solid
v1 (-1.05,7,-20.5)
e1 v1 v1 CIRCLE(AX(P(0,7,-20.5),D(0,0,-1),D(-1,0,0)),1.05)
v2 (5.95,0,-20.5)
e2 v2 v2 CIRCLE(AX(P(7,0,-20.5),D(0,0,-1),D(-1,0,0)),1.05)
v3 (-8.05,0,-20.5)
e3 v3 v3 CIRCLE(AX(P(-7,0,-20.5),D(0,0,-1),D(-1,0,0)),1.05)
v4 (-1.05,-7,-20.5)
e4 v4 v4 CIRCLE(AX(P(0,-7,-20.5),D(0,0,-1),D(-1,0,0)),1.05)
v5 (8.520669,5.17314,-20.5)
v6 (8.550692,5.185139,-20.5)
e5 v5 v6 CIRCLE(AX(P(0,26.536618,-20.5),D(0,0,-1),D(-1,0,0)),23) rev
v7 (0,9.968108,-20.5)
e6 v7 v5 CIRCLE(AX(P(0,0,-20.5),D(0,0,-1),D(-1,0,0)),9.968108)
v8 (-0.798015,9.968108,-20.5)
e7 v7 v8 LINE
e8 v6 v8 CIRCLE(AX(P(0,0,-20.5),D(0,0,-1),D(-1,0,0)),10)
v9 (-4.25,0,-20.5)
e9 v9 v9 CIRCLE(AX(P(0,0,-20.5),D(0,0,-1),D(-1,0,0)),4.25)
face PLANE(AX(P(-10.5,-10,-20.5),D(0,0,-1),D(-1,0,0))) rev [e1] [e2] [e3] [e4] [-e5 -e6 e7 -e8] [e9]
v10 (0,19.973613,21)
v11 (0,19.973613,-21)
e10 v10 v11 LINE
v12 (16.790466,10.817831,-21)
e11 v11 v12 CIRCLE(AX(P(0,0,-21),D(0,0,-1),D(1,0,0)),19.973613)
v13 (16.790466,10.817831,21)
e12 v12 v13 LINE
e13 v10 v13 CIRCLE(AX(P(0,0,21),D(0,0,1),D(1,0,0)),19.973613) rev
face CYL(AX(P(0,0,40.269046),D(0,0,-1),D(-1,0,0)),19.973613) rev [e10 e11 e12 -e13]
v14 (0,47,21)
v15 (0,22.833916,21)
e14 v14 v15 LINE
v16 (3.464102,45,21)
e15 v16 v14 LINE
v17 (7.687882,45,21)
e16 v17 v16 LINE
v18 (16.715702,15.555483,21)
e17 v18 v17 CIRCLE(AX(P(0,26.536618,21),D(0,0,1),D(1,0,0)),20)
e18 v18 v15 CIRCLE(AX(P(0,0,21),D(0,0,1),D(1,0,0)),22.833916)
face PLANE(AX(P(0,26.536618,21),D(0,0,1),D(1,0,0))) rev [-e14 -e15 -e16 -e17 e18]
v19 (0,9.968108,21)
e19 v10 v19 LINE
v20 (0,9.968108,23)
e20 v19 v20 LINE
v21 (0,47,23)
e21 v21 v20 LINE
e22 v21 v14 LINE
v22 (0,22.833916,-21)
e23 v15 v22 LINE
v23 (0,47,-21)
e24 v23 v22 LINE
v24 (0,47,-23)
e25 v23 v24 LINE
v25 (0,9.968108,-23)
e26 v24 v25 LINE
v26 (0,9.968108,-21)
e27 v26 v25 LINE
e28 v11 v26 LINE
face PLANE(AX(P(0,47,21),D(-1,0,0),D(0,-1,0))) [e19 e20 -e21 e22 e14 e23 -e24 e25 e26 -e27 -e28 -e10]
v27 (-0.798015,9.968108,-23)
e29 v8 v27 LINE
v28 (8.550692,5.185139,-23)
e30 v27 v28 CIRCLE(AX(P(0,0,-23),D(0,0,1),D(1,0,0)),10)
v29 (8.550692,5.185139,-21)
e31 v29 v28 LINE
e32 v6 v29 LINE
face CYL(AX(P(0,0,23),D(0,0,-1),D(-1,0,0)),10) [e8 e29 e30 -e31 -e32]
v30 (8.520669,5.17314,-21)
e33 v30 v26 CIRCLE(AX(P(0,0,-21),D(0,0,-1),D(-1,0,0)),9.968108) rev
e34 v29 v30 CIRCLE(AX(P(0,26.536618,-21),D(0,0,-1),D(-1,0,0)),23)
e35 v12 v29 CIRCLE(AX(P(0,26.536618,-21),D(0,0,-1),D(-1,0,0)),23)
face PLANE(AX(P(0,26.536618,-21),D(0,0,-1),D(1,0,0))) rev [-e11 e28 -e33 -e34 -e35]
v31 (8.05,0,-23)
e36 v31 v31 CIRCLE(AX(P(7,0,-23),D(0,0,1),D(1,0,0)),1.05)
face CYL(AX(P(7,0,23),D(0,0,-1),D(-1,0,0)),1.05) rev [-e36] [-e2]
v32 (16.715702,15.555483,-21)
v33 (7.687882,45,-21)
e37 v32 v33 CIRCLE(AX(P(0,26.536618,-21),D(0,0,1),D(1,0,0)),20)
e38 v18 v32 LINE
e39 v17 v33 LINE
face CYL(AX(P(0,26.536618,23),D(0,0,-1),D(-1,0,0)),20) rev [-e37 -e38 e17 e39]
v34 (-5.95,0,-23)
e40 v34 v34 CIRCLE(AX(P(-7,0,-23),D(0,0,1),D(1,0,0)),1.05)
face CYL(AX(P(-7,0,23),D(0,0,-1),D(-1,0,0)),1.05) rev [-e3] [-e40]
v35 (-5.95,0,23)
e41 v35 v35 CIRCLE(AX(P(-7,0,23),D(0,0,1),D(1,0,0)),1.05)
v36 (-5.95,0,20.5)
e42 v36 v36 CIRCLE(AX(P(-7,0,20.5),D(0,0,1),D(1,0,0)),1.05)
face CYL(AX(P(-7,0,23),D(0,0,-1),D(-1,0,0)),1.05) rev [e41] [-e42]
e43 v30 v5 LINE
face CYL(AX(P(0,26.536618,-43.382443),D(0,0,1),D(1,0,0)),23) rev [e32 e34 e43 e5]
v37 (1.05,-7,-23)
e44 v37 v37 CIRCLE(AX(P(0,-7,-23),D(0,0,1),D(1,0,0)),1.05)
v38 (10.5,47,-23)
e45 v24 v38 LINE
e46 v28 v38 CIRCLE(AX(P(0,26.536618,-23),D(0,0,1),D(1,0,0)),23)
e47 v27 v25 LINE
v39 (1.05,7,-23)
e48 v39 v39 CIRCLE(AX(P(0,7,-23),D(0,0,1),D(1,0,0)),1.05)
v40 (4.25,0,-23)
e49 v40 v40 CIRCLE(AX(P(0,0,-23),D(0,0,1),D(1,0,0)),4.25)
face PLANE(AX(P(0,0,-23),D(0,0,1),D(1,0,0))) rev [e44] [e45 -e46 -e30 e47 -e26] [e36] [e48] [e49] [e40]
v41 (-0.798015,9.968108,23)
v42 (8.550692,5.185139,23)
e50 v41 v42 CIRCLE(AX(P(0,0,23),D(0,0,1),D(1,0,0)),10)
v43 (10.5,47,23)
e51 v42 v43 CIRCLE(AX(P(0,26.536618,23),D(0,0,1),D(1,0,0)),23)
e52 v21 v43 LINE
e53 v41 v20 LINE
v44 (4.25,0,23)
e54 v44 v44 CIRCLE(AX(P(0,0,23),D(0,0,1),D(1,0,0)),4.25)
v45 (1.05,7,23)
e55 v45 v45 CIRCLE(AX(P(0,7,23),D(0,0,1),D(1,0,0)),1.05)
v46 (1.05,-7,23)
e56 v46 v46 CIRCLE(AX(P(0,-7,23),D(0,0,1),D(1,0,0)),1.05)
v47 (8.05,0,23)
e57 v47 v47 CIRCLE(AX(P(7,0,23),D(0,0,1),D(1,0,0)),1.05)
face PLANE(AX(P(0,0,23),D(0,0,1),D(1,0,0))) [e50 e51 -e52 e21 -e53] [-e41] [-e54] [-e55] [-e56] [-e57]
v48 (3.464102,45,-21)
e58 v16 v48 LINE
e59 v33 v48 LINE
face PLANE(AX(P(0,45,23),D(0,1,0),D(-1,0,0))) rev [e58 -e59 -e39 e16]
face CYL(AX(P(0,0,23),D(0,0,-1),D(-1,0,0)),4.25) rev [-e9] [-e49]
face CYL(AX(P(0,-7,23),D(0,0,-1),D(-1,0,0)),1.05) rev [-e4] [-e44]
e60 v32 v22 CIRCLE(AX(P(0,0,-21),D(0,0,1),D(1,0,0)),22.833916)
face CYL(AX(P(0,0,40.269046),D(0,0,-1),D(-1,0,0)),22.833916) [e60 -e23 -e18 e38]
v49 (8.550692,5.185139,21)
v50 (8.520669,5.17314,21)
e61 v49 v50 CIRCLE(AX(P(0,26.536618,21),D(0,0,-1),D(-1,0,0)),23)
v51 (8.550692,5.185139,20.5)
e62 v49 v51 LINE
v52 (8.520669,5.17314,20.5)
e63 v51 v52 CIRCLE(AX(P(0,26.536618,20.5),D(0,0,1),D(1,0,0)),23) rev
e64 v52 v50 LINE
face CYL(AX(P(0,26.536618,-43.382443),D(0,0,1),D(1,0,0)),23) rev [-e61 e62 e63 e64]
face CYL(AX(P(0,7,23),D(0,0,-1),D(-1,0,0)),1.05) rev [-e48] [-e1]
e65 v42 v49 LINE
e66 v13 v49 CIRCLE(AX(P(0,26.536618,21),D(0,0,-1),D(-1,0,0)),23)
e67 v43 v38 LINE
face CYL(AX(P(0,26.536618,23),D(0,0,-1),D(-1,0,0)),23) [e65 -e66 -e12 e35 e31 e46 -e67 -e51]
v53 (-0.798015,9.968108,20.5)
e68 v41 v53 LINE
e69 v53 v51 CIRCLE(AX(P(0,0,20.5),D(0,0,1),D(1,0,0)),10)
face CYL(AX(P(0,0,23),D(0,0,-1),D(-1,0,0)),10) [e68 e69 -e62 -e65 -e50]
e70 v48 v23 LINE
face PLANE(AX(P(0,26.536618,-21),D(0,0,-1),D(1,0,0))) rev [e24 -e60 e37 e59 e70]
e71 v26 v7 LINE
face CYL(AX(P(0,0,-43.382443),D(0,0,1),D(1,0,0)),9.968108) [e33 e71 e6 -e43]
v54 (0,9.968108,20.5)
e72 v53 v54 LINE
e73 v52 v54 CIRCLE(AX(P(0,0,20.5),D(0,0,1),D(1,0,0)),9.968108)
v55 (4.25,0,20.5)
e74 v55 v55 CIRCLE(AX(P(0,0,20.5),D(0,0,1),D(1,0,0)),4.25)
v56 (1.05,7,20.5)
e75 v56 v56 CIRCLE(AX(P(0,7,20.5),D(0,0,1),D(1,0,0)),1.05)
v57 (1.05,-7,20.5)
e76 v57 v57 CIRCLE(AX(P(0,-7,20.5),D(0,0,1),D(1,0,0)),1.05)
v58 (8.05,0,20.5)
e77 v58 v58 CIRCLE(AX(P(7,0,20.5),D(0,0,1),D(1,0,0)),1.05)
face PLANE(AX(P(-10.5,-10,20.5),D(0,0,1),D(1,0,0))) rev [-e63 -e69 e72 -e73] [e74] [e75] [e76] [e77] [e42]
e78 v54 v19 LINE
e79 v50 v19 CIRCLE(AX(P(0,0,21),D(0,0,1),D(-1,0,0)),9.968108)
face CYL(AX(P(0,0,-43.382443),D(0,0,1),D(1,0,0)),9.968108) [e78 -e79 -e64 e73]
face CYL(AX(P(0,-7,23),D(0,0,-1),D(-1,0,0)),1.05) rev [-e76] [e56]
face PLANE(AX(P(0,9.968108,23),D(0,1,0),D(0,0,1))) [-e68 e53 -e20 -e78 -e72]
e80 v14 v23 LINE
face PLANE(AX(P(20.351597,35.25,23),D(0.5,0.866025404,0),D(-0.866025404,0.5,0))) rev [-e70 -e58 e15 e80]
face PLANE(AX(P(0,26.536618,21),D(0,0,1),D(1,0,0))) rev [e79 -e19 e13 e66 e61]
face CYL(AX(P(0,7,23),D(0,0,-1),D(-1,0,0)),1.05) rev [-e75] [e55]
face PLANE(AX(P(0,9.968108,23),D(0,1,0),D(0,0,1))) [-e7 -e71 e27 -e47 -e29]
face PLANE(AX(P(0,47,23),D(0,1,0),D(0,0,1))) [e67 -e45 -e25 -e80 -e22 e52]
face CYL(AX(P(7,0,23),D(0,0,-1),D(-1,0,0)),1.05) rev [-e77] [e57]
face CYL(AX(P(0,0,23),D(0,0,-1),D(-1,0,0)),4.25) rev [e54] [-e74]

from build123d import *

# Parameters (mm, degrees)
SKETCH1_R           = 4.25
SKETCH1_R_2         = 1.05
BOSS_EXTRUDE1_DEPTH = 23
BOSS_EXTRUDE3_DEPTH = 2
SKETCH4_W           = 21
SKETCH4_H           = 41
CUT_EXTRUDE1_DEPTH  = 50.288548817
BOSS_EXTRUDE4_START = 42
BOSS_EXTRUDE4_DEPTH = 42
CUT_EXTRUDE4_REACH  = 70.367


with BuildPart() as part:
    # Sketch1 → Boss-Extrude1 (new, symmetric)
    with BuildSketch(Plane.XY):
        with BuildLine():
            Line((-0.798015115, 9.968107738), (11.201984885, 9.968107738))
            ThreePointArc((11.201984885, 9.968107738), (19.90012903, 28.53283063), (7.687881875, 45))
            Line((7.687881875, 45), (3.464101615, 45))
            Line((3.464101615, 45), (0, 47))
            Line((0, 47), (10.5, 47))
            ThreePointArc((10.5, 47), (22.975048867, 25.465576737), (8.550692083, 5.18513885))
            ThreePointArc((8.550692083, 5.18513885), (-4.554689659, -8.902516617), (-0.798015115, 9.968107738))
        make_face()
        Circle(SKETCH1_R, mode=Mode.SUBTRACT)
        with Locations((0, 7)):
            Circle(SKETCH1_R_2, mode=Mode.SUBTRACT)
        with Locations((7, 0)):
            Circle(SKETCH1_R_2, mode=Mode.SUBTRACT)
        with Locations((0, -7)):
            Circle(SKETCH1_R_2, mode=Mode.SUBTRACT)
        with Locations((-7, 0)):
            Circle(SKETCH1_R_2, mode=Mode.SUBTRACT)
    extrude(amount=BOSS_EXTRUDE1_DEPTH, both=True)

    # Sketch3 → Boss-Extrude3 (add)
    with BuildSketch(Plane.XY.offset(23)):
        with BuildLine():
            Line((0, 47), (3.464101615, 45))
            Line((3.464101615, 45), (7.687881875, 45))
            ThreePointArc((7.687881875, 45), (19.90012903, 28.53283063), (11.201984885, 9.968107738))
            Line((11.201984885, 9.968107738), (0, 9.968107738))
            Line((0, 9.968107738), (0, 47))
        make_face()
    boss_extrude3 = extrude(amount=-BOSS_EXTRUDE3_DEPTH)

    # Mirror1: Boss-Extrude3 across plane
    add(boss_extrude3.mirror(Plane.XY))

    # Sketch4 → Cut-Extrude1 (cut, through all)
    with BuildSketch(Plane(origin=(0, 9.968107738, 0), x_dir=(1, 0, 0), z_dir=(0, 1, 0))):
        Rectangle(SKETCH4_W, SKETCH4_H)
    extrude(amount=-CUT_EXTRUDE1_DEPTH, mode=Mode.SUBTRACT)

    # Sketch6 → Boss-Extrude4 (add)
    with BuildSketch(Plane.XY.offset(-21).offset(BOSS_EXTRUDE4_START)):
        with BuildLine():
            Line((0, 22.833916422), (0, 19.973613057))
            ThreePointArc((0, 19.973613057), (8.195306737, 18.214888581), (14.947380695, 13.248434961))
            ThreePointArc((14.947380695, 13.248434961), (15.873509775, 14.369790734), (16.715701567, 15.555483287))
            ThreePointArc((16.715701567, 15.555483287), (9.115786688, 20.935380871), (0, 22.833916422))
        make_face()
    extrude(amount=-BOSS_EXTRUDE4_DEPTH)

    # Cut-Extrude4: up to this face of the body (flat: up to its plane)
    cut_extrude4_end = Plane(part.part.faces().sort_by_distance((6.103448613, 14.332073809, -21))[0])
    # Sketch7 → Cut-Extrude4 (cut, up to the picked face)
    with BuildSketch(Plane(origin=(0, 0, 21), x_dir=(-1, 0, 0), z_dir=(0, 0, -1)), mode=Mode.PRIVATE) as cut_extrude4_sk1:
        with BuildLine():
            Line((0, 19.973613057), (0, 9.968107738))
            ThreePointArc((0, 9.968107738), (-4.88859678, 8.68704745), (-8.520668778, 5.173139806))
            ThreePointArc((-8.520668778, 5.173139806), (-12.966457487, 7.54001363), (-16.790465857, 10.817831339))
            ThreePointArc((-16.790465857, 10.817831339), (-9.562270684, 17.535911665), (0, 19.973613057))
        make_face()
    cut_extrude4_tool1 = split(extrude(cut_extrude4_sk1.sketch, amount=CUT_EXTRUDE4_REACH, mode=Mode.PRIVATE), bisect_by=cut_extrude4_end, keep=Keep.BOTH, mode=Mode.PRIVATE)
    add(cut_extrude4_tool1.solids().sort_by(Axis((7.299259, 12.896939, 21), (0, 0, -1)))[0], mode=Mode.SUBTRACT)


solid = part.part
